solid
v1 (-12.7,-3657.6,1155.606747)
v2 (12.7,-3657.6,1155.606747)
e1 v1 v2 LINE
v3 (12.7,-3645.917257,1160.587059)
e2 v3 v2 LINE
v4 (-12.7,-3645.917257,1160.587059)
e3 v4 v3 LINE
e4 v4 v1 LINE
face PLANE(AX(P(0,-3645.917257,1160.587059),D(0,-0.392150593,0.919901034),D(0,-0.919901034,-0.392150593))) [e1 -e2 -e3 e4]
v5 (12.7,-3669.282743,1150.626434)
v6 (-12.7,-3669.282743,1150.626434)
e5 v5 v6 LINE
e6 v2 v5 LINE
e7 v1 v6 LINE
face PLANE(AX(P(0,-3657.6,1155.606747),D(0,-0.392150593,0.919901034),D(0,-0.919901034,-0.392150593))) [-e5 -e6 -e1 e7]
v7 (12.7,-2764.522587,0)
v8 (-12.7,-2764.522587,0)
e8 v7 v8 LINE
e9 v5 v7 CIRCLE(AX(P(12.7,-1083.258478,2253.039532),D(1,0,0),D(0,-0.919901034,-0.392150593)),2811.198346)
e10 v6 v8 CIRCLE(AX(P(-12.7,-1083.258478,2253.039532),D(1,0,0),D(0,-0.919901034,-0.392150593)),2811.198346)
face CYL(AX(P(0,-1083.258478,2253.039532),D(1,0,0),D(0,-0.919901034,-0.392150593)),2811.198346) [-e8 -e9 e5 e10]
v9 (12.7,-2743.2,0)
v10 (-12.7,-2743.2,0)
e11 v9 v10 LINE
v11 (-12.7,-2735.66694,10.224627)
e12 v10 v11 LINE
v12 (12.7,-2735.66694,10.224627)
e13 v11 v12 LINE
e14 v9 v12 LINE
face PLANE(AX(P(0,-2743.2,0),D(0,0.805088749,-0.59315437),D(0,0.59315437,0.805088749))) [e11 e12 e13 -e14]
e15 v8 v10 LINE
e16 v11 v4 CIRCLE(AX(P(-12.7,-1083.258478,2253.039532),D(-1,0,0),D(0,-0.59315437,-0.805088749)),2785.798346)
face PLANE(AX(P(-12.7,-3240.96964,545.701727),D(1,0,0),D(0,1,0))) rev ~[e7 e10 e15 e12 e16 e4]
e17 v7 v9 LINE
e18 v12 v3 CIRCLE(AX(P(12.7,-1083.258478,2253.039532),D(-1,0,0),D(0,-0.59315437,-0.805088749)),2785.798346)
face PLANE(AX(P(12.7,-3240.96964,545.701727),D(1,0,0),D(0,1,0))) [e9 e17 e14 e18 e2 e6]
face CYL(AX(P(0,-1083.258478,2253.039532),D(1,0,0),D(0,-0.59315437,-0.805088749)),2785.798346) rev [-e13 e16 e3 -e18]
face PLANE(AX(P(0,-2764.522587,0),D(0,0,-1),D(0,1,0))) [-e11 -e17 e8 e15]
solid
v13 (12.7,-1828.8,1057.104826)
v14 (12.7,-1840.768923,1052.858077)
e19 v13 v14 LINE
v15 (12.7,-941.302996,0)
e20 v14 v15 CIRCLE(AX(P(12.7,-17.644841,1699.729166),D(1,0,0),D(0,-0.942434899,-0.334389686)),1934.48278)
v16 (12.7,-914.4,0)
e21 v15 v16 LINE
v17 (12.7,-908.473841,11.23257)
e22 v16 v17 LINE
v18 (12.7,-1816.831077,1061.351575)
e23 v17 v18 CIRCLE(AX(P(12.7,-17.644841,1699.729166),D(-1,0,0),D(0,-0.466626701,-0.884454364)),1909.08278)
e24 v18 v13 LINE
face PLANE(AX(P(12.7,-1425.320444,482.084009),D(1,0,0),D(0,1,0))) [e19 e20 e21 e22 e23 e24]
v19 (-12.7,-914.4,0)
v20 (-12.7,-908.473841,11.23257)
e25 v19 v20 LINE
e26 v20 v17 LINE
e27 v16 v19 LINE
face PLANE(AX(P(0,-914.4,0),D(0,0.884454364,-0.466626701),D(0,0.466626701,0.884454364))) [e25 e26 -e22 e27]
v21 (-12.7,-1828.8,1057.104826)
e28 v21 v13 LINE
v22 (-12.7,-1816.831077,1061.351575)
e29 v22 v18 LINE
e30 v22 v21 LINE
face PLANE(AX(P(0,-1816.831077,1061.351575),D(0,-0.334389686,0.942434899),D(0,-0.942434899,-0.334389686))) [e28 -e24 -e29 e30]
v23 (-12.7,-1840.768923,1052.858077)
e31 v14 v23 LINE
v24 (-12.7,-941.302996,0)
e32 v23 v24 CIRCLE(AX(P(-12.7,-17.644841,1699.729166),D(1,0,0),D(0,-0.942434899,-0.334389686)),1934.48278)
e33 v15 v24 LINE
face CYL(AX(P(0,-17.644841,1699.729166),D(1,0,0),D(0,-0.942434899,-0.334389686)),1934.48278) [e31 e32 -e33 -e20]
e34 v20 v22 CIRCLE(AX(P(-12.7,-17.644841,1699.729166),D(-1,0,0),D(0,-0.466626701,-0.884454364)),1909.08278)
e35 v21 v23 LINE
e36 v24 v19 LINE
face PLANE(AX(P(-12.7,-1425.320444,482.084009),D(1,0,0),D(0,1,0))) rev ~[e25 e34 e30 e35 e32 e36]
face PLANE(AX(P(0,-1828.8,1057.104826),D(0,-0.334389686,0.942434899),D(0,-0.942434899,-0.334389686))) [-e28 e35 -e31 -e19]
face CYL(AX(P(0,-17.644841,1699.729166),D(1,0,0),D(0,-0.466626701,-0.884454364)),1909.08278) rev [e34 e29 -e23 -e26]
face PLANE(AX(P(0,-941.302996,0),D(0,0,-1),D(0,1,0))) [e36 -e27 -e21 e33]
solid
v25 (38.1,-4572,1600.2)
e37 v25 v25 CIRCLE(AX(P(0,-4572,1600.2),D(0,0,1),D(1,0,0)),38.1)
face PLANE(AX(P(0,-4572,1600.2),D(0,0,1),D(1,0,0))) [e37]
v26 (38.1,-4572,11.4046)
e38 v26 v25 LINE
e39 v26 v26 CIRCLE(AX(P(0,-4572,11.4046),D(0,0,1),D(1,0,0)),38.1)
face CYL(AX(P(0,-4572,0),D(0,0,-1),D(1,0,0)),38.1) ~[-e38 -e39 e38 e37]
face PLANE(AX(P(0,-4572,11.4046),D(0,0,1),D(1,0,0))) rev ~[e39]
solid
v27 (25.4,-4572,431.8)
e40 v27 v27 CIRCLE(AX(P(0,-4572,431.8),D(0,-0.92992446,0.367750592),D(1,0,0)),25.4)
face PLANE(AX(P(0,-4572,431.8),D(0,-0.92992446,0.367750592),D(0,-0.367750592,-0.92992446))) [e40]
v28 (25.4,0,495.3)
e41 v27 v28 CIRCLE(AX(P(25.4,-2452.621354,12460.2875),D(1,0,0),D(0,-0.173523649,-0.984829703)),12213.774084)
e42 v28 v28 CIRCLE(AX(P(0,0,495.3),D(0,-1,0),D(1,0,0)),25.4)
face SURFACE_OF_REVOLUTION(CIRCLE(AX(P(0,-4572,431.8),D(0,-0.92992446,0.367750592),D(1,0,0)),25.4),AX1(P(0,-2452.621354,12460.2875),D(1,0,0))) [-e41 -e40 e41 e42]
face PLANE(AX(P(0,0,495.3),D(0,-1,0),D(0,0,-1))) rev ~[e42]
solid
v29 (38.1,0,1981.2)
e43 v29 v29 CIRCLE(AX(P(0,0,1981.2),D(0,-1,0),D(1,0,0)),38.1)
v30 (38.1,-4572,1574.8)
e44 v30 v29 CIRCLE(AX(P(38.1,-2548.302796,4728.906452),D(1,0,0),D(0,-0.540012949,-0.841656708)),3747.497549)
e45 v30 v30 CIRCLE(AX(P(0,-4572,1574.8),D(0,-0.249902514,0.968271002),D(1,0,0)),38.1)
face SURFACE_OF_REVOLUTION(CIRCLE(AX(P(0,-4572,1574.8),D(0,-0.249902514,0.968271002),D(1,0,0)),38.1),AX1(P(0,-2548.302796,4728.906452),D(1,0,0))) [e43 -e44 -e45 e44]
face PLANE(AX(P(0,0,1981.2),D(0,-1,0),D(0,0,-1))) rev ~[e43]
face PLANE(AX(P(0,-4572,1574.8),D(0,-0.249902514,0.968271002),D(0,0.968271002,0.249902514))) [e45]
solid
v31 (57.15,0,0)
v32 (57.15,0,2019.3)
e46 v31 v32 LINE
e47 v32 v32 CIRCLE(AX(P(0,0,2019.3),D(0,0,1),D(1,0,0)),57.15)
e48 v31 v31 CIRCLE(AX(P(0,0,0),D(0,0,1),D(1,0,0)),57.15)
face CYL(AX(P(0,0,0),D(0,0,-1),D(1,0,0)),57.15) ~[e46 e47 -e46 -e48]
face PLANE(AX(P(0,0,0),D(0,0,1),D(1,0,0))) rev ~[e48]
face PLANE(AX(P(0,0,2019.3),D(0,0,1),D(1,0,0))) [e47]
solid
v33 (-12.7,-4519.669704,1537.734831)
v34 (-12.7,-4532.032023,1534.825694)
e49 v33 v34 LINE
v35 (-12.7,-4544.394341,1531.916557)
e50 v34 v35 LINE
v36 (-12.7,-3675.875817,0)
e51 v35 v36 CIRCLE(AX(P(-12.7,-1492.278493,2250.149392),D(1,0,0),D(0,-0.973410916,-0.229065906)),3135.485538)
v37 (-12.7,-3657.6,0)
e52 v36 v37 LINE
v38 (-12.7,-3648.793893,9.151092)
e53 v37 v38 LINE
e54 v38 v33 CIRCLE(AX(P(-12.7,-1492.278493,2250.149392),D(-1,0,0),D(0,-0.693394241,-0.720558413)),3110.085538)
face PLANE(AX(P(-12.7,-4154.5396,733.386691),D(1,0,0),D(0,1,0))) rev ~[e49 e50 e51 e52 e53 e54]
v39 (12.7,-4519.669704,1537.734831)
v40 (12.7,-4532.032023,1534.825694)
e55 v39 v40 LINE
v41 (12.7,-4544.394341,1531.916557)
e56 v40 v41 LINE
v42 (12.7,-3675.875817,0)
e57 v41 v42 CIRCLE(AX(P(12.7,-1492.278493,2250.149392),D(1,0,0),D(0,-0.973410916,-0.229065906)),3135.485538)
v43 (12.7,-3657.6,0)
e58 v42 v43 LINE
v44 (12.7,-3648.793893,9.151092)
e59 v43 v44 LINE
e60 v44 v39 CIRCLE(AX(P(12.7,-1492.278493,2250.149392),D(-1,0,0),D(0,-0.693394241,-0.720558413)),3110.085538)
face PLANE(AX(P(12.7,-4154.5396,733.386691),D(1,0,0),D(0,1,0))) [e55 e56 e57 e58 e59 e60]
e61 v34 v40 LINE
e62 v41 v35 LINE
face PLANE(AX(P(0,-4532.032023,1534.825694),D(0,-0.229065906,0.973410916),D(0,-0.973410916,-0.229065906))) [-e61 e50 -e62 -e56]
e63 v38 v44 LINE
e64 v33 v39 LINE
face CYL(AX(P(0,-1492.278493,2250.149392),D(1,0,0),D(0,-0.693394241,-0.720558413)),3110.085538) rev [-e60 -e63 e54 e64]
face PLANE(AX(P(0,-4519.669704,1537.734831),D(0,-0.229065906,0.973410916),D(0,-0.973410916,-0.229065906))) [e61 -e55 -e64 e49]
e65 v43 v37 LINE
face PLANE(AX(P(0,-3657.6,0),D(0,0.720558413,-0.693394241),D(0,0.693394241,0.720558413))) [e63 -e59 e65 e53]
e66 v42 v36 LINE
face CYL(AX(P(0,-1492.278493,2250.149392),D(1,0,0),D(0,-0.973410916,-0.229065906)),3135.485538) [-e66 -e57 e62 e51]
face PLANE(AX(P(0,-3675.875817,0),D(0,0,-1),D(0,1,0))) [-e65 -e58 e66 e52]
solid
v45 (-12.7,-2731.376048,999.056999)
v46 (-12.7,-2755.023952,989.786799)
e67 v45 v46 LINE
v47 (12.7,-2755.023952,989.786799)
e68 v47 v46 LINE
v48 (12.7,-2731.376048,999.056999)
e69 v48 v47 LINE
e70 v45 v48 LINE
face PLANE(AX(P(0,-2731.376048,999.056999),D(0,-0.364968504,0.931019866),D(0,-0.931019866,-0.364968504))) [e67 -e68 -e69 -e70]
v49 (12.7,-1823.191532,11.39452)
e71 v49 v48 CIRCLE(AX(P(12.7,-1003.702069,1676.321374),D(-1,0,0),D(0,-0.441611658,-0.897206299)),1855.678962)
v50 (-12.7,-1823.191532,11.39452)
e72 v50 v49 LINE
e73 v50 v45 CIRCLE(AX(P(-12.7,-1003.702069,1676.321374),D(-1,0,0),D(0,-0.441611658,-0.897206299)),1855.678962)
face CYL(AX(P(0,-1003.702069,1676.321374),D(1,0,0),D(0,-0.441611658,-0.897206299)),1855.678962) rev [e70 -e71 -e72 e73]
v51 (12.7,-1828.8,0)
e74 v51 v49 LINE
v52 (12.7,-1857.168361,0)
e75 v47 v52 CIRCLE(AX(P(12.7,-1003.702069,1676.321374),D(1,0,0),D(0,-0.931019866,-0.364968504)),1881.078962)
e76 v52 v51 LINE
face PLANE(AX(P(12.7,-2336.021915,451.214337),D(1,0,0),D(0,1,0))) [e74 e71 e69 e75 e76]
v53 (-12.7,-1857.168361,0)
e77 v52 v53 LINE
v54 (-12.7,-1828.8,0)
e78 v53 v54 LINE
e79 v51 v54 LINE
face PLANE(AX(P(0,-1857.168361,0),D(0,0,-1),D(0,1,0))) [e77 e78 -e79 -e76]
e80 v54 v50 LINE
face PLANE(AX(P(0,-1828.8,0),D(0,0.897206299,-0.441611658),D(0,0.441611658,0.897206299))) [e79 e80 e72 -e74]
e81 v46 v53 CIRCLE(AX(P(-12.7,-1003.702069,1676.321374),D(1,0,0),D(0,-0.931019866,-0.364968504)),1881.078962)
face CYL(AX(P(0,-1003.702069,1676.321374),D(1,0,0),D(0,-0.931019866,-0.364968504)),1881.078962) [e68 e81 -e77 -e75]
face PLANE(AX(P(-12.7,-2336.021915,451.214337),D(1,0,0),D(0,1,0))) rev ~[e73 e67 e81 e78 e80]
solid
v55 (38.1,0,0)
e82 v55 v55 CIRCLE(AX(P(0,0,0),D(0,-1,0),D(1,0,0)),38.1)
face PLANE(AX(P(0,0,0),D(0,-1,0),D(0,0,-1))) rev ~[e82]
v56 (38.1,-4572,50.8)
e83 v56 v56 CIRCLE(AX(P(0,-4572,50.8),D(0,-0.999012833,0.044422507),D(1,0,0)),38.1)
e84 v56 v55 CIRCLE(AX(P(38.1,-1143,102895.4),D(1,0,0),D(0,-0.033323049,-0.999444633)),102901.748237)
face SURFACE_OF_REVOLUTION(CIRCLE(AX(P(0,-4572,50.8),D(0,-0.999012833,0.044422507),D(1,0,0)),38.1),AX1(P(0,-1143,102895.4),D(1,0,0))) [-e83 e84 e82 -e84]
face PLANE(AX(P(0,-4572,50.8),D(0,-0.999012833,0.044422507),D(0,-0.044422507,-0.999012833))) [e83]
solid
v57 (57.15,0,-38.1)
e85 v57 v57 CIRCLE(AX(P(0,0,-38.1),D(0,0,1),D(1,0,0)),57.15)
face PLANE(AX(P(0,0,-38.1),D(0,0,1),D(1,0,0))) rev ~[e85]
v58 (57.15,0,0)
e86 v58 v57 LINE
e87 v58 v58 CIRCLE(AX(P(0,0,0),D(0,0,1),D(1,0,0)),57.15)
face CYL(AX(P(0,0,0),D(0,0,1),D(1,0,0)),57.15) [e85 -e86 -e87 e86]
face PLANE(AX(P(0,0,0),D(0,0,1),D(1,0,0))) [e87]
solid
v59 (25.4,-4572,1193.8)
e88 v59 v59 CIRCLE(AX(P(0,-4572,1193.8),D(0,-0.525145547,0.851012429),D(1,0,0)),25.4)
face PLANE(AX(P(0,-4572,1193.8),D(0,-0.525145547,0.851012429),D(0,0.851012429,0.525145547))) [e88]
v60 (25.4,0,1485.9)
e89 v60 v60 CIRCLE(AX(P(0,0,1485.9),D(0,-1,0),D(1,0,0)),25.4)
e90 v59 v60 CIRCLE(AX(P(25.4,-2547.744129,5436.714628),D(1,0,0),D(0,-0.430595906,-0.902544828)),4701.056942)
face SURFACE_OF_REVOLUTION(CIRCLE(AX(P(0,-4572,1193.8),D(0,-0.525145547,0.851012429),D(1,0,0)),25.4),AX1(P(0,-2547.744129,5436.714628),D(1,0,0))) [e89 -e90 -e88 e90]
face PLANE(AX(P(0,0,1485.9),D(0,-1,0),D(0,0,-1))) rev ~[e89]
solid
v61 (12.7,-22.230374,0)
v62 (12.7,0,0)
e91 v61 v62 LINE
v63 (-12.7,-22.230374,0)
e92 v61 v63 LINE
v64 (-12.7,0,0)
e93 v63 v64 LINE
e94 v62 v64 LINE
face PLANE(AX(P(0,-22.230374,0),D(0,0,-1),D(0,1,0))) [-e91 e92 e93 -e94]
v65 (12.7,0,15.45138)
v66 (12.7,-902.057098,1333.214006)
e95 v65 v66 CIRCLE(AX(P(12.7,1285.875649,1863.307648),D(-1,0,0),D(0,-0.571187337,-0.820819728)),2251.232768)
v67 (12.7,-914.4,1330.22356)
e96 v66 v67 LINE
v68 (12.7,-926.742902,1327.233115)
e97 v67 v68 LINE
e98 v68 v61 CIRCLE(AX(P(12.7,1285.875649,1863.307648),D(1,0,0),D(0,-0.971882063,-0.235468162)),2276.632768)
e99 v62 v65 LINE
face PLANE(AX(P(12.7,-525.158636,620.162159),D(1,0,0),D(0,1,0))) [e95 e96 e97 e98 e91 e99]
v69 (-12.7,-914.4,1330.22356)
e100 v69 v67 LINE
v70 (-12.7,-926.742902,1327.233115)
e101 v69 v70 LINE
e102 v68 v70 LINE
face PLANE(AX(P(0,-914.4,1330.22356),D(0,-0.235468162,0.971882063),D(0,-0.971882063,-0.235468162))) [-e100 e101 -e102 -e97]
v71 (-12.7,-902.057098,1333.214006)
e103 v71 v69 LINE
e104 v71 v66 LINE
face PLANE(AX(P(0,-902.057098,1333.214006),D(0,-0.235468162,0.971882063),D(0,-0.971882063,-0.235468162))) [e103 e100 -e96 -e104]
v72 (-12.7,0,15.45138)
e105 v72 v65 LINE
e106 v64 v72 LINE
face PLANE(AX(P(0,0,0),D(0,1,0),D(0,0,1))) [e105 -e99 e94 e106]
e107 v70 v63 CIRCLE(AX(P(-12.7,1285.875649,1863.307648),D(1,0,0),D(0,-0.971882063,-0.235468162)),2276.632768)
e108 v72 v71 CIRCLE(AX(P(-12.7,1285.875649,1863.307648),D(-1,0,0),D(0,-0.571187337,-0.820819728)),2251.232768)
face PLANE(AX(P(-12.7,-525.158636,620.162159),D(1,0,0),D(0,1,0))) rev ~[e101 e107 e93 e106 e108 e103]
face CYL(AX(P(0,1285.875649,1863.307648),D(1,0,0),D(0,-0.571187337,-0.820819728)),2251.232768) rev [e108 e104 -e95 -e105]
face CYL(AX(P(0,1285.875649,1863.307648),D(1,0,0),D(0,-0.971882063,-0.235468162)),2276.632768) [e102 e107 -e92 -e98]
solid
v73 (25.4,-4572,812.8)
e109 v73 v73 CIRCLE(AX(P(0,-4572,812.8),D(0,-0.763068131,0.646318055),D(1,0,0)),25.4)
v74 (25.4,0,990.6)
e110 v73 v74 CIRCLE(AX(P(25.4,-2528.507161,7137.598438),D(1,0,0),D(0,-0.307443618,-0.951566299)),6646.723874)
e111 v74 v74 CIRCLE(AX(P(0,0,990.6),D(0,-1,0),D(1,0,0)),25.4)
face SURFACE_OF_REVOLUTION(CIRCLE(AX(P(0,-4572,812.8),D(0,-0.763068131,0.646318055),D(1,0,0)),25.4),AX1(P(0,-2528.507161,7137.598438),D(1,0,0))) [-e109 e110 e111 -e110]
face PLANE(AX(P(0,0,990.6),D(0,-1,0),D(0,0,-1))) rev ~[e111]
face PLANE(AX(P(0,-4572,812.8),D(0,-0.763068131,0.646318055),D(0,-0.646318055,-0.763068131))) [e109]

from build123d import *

# Parameters (mm, degrees)
F1_R      = 25.4
F1_R_2    = 38.1
F7_R      = 57.15
F8_DEPTH  = 2019.3
F9_DEPTH  = 38.1
F10_R     = 38.1
F11_DEPTH = 1600.2
F12_DEPTH = 11.4046
F14_DEPTH = 12.7


with BuildPart() as f2:
    # F2: sweep along a path in F0
    with BuildLine(Plane.YZ) as f2_path:
        ThreePointArc((-4572, 431.8), (-2283.0019621022, 247.6912713553), (0, 495.3))
    # F1 (on Front) → F2 (sweep)
    with BuildSketch(Plane.XZ):
        with Locations((0, 495.3)):
            Circle(F1_R)
    sweep(path=f2_path.line)


with BuildPart() as f3:
    # F3: sweep along a path in F0
    with BuildLine(Plane.YZ) as f3_path:
        ThreePointArc((-4572, 50.8), (-2286.2821873886, 0.0031350284), (0, 0))
    # F1 (on Front) → F3 (sweep)
    with BuildSketch(Plane.XZ):
        Circle(F1_R_2)
    sweep(path=f3_path.line)


with BuildPart() as f4:
    # F4: sweep along a path in F0
    with BuildLine(Plane.YZ) as f4_path:
        ThreePointArc((-4572, 812.8), (-2270.2186921869, 495.894941949), (0, 990.6))
    # F1 (on Front) → F4 (sweep)
    with BuildSketch(Plane.XZ):
        with Locations((0, 990.6)):
            Circle(F1_R)
    sweep(path=f4_path.line)


with BuildPart() as f5:
    # F5: sweep along a path in F0
    with BuildLine(Plane.YZ) as f5_path:
        ThreePointArc((-4572, 1193.8), (-2248.0099274701, 745.2227777926), (0, 1485.9))
    # F1 (on Front) → F5 (sweep)
    with BuildSketch(Plane.XZ):
        with Locations((0, 1485.9)):
            Circle(F1_R)
    sweep(path=f5_path.line)


with BuildPart() as f6:
    # F6: sweep along a path in F0
    with BuildLine(Plane.YZ) as f6_path:
        ThreePointArc((-4572, 1574.8), (-2216.5001485855, 996.1266715869), (0, 1981.2))
    # F1 (on Front) → F6 (sweep)
    with BuildSketch(Plane.XZ):
        with Locations((0, 1981.2)):
            Circle(F1_R_2)
    sweep(path=f6_path.line)


with BuildPart() as f8:
    # F7 (on Top) → F8 (new body)
    with BuildSketch(Plane.XY):
        Circle(F7_R)
    extrude(amount=F8_DEPTH)


with BuildPart() as f9:
    # F9 (new): a face of the model
    f9_faces = [f8.part.faces().sort_by_distance(p)[0] for p in [
        (0, 0, 0),
    ]]
    extrude(f9_faces, amount=F9_DEPTH)


with BuildPart() as f11:
    # F10 (on Top) → F11 (new body)
    with BuildSketch(Plane.XY):
        with Locations((0, -4572)):
            Circle(F10_R)
    extrude(amount=F11_DEPTH)

    # F12 (cut): a face of the model
    f12_faces = [f11.faces().sort_by_distance(p)[0] for p in [
        (0, -4572, 0),
    ]]
    extrude(f12_faces, amount=-F12_DEPTH, mode=Mode.SUBTRACT)


with BuildPart() as f14:
    # F13 (on Right) → F14 (new body, symmetric)
    with BuildSketch(Plane.YZ):
        with BuildLine():
            ThreePointArc((-914.4, 1330.2235603333), (-579.7841265616, 580.8470530407), (0, 0))
            Line((0, 0), (0, 15.4513795639))
            ThreePointArc((0, 15.4513795639), (-571.8005277002, 591.6598209666), (-902.0570977983, 1333.2140059923))
            Line((-902.0570977983, 1333.2140059923), (-914.4, 1330.2235603333))
        make_face()
        with BuildLine():
            Line((-22.2303738368, 0), (0, 0))
            ThreePointArc((0, 0), (-579.7841265616, 580.8470530407), (-914.4, 1330.2235603333))
            Line((-914.4, 1330.2235603333), (-926.7429022017, 1327.2331146742))
            ThreePointArc((-926.7429022017, 1327.2331146742), (-595.4170758646, 581.202175958), (-22.2303738368, 1e-10))
        make_face()
    extrude(amount=F14_DEPTH, both=True)


with BuildPart() as f14b:
    # F13 (on Right) → F14, piece 2 (new body, symmetric)
    with BuildSketch(Plane.YZ):
        with BuildLine():
            ThreePointArc((-1828.8, 1057.1048259735), (-1471.1104325393, 442.4754816568), (-914.4, 0))
            Line((-914.4, 0), (-908.473840893, 11.2325704199))
            ThreePointArc((-908.473840893, 11.2325704199), (-1461.5052819423, 450.7839762262), (-1816.8310767884, 1061.3515749836))
            Line((-1816.8310767884, 1061.3515749836), (-1828.8, 1057.1048259735))
        make_face()
        with BuildLine():
            Line((-941.302996265, 0), (-914.4, 0))
            ThreePointArc((-914.4, 0), (-1471.1104325393, 442.4754816568), (-1828.8, 1057.1048259735))
            Line((-1828.8, 1057.1048259735), (-1840.7689232116, 1052.8580769635))
            ThreePointArc((-1840.7689232116, 1052.8580769635), (-1488.471376496, 443.1891038989), (-941.302996265, 0))
        make_face()
    extrude(amount=F14_DEPTH, both=True)


with BuildPart() as f14c:
    # F13 (on Right) → F14, piece 3 (new body, symmetric)
    with BuildSketch(Plane.YZ):
        with BuildLine():
            ThreePointArc((-2743.2, 994.4218993187), (-2379.0226543107, 411.6739002843), (-1828.8, 0))
            Line((-1828.8, 0), (-1823.1915319462, 11.3945200026))
            ThreePointArc((-1823.1915319462, 11.3945200026), (-2369.6741378763, 420.2701343711), (-2731.376047701, 999.056999321))
            Line((-2731.376047701, 999.056999321), (-2743.2, 994.4218993187))
        make_face()
        with BuildLine():
            Line((-1857.1683608873, 0), (-1828.8, 0))
            ThreePointArc((-1828.8, 0), (-2379.0226543107, 411.6739002843), (-2743.2, 994.4218993187))
            Line((-2743.2, 994.4218993187), (-2755.023952299, 989.7867993164))
            ThreePointArc((-2755.023952299, 989.7867993164), (-2396.9536028202, 412.4747755942), (-1857.1683608873, 0))
        make_face()
    extrude(amount=F14_DEPTH, both=True)


with BuildPart() as f14d:
    # F13 (on Right) → F14, piece 4 (new body, symmetric)
    with BuildSketch(Plane.YZ):
        with BuildLine():
            ThreePointArc((-3657.6, 1155.6067466736), (-3277.8301816461, 516.5349891732), (-2743.2, 0))
            Line((-2743.2, 0), (-2735.6669395067, 10.2246271132))
            ThreePointArc((-2735.6669395067, 10.2246271132), (-3267.8708902002, 524.4155039975), (-3645.9172568676, 1160.5870592042))
            Line((-3645.9172568676, 1160.5870592042), (-3657.6, 1155.6067466736))
        make_face()
        with BuildLine():
            Line((-2764.5225870691, 0), (-2743.2, 0))
            ThreePointArc((-2743.2, 0), (-3277.8301816461, 516.5349891732), (-3657.6, 1155.6067466736))
            Line((-3657.6, 1155.6067466736), (-3669.2827431324, 1150.6264341429))
            ThreePointArc((-3669.2827431324, 1150.6264341429), (-3293.1052633935, 515.3936179054), (-2764.5225870691, 0))
        make_face()
    extrude(amount=F14_DEPTH, both=True)


with BuildPart() as f14e:
    # F13 (on Right) → F14, piece 5 (new body, symmetric)
    with BuildSketch(Plane.YZ):
        with BuildLine():
            ThreePointArc((-4532.0320227507, 1534.8256937617), (-4205.6019186327, 704.2950965271), (-3657.6, 0))
            Line((-3657.6, 0), (-3648.7938931423, 9.151091848))
            ThreePointArc((-3648.7938931423, 9.151091848), (-4194.5671526877, 710.5819033907), (-4519.6697041217, 1537.734830767))
            Line((-4519.6697041217, 1537.734830767), (-4532.0320227507, 1534.8256937617))
        make_face()
        with BuildLine():
            ThreePointArc((-4544.3943413796, 1531.9165567564), (-4219.890120198, 703.7327700148), (-3675.8758165318, 0))
            Line((-3675.8758165318, 0), (-3657.6, 0))
            ThreePointArc((-3657.6, 0), (-4205.6019186327, 704.2950965271), (-4532.0320227507, 1534.8256937617))
            Line((-4532.0320227507, 1534.8256937617), (-4544.3943413796, 1531.9165567564))
        make_face()
    extrude(amount=F14_DEPTH, both=True)


solid = Compound([f2.part, f3.part, f4.part, f5.part, f6.part, f8.part, f9.part, f11.part, f14.part, f14b.part, f14c.part, f14d.part, f14e.part])
